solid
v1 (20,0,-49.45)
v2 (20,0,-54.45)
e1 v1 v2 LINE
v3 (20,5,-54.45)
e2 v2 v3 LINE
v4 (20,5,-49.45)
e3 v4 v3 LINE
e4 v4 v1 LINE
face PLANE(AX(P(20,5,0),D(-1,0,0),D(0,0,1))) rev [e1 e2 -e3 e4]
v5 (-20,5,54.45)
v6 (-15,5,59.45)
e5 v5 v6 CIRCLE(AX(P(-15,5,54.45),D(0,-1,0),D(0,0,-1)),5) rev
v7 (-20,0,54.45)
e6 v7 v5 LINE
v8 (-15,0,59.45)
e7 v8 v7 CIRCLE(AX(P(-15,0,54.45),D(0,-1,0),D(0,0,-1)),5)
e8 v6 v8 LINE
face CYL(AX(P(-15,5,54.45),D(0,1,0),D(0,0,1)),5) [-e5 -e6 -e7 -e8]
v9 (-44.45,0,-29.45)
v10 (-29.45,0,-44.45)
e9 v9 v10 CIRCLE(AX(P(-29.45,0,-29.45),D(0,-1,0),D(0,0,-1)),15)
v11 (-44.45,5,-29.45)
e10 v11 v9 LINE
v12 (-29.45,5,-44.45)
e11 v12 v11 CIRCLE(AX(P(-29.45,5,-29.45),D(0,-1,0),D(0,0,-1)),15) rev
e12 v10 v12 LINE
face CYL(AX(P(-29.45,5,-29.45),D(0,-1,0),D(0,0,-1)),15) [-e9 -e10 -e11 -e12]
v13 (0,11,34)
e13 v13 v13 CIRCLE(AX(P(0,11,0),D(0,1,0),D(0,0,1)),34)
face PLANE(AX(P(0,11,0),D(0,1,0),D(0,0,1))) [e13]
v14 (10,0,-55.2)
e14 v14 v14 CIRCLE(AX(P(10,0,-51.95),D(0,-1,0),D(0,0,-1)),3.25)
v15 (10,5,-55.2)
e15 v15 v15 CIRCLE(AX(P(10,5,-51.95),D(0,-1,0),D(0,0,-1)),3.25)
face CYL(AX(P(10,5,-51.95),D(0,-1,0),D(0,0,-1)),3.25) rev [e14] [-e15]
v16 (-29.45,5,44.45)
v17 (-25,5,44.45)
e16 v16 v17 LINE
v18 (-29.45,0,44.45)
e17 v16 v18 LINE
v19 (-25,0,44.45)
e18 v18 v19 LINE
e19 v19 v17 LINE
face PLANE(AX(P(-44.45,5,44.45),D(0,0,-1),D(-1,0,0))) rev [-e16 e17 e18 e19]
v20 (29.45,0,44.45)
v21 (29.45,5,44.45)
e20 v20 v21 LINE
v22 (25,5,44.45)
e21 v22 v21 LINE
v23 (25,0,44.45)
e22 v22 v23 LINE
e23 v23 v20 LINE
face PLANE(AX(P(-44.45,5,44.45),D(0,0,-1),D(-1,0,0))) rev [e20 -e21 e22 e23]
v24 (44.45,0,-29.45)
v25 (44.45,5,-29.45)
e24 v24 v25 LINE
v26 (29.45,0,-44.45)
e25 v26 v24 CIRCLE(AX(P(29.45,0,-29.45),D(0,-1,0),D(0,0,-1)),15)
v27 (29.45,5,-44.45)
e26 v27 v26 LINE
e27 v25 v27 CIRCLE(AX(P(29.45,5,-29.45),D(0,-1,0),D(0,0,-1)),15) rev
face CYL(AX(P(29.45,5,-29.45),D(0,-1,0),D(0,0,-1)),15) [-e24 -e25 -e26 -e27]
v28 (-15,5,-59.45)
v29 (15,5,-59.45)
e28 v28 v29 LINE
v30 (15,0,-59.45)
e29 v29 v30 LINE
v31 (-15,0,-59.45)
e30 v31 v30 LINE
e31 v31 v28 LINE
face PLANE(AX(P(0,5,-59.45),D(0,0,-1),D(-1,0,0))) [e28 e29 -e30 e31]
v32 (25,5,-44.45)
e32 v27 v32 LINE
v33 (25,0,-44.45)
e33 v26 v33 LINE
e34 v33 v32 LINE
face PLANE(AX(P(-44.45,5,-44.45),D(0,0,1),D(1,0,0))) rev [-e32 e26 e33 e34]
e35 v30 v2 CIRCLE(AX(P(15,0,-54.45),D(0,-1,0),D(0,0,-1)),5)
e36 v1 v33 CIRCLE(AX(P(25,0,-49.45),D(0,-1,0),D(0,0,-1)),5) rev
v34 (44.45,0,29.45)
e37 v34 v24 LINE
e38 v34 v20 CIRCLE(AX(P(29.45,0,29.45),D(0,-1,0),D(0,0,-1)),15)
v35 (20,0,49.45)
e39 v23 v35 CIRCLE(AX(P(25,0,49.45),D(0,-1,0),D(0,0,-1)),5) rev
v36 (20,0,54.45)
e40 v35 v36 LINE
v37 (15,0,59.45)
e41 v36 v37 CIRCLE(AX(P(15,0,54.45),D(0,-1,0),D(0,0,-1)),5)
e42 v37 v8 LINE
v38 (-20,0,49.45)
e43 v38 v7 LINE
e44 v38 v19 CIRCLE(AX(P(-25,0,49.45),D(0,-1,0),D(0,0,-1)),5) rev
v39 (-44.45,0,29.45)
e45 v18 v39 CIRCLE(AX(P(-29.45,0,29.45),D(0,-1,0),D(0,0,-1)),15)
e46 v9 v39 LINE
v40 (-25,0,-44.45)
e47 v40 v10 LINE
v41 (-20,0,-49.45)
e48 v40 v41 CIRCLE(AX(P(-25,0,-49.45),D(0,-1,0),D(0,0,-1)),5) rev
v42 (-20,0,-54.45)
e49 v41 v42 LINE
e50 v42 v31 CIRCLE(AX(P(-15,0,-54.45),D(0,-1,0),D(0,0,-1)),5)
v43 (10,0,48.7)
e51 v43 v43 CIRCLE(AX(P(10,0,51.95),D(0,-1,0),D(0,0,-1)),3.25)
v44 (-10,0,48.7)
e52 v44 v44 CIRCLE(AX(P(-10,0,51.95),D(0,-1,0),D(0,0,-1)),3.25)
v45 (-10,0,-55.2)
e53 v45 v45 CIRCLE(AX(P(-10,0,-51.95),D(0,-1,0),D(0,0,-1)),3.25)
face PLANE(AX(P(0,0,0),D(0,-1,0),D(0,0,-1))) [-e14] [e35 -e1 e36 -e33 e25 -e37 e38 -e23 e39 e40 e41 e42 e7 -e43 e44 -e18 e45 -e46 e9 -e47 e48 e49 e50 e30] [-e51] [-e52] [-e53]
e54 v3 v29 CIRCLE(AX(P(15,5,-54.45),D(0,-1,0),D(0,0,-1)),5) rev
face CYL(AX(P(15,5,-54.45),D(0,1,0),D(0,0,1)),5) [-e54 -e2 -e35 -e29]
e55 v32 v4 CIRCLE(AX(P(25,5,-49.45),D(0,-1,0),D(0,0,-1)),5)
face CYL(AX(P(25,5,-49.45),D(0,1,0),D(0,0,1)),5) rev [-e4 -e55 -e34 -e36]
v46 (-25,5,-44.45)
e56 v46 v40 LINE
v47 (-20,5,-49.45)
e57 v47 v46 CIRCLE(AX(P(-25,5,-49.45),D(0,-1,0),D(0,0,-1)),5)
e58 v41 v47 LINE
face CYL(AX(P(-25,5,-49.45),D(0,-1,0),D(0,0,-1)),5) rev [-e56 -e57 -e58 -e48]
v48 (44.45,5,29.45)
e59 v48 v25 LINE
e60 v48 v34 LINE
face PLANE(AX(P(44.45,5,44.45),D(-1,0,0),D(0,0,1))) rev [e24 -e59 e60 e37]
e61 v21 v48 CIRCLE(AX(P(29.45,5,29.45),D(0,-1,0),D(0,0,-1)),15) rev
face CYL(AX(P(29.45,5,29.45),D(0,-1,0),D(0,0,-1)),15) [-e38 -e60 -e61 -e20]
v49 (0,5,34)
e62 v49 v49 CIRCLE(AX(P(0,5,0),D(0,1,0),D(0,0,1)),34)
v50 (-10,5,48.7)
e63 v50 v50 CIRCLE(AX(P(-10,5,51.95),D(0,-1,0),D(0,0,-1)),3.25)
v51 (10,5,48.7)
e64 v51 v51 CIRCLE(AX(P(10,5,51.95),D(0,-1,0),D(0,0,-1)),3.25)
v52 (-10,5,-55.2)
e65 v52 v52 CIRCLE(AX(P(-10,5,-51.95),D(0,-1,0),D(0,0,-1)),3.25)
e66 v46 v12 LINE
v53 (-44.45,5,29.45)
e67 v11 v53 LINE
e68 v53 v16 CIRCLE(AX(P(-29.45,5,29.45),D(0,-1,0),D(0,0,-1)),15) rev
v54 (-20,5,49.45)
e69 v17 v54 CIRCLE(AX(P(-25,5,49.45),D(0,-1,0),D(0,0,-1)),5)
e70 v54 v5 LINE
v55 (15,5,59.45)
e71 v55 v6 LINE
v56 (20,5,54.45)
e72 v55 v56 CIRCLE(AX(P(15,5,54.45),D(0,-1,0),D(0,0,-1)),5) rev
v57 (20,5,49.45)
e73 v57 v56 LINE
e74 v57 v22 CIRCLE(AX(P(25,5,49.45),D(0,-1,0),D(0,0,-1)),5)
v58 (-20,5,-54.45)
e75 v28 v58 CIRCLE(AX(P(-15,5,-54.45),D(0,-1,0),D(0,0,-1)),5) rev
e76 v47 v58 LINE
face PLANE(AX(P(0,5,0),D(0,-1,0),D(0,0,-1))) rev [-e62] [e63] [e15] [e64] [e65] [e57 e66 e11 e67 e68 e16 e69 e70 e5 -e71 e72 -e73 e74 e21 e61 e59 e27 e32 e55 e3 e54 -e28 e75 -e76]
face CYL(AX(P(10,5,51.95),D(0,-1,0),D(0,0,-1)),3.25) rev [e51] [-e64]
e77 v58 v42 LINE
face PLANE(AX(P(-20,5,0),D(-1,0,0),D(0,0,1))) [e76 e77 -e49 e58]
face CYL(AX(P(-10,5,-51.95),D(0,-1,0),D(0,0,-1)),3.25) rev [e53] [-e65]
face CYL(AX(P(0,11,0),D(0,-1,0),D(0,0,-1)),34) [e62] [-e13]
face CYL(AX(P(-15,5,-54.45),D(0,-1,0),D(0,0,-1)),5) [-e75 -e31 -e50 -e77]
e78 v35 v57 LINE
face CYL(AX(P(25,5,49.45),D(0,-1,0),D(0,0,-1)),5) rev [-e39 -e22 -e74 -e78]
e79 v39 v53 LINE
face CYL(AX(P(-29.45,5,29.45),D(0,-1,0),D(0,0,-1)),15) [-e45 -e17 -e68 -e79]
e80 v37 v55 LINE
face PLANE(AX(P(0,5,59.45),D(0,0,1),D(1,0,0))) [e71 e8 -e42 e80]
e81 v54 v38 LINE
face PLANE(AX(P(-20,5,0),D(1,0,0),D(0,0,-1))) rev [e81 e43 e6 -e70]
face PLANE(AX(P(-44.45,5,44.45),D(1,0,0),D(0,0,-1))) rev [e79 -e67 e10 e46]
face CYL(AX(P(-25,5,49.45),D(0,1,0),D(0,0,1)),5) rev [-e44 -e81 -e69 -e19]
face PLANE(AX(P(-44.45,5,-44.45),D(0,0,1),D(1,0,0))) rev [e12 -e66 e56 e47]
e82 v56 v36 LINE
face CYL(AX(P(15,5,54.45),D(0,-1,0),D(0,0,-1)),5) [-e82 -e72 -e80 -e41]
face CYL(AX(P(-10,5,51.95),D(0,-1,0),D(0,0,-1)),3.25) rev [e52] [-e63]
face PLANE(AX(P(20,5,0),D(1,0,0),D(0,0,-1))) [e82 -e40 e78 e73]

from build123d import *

# Parameters (mm, degrees)
SKETCH1_W           = 88.9
SKETCH1_H           = 88.9
BOSS_EXTRUDE1_DEPTH = 5
SKETCH2_R           = 34
BOSS_EXTRUDE2_DEPTH = 6
SKETCH3_W           = 20
SKETCH3_H           = 15
BOSS_EXTRUDE3_DEPTH = 5
SKETCH4_R           = 3.25
CUT_EXTRUDE1_DEPTH  = 5
FILLET1_R           = 15
FILLET2_R           = 5


with BuildPart() as part:
    # Sketch1 → Boss-Extrude1 (new body)
    with BuildSketch(Plane(origin=(0, 0, 0), x_dir=(1, 0, 0), z_dir=(0, 1, 0))):
        Rectangle(SKETCH1_W, SKETCH1_H)
    extrude(amount=BOSS_EXTRUDE1_DEPTH)

    # Sketch2 → Boss-Extrude2 (add)
    with BuildSketch(Plane(origin=(0, 5, 0), x_dir=(1, 0, 0), z_dir=(0, 1, 0))):
        with Locations(Location((0, 0, 0), (0, 0, 270))):
            Circle(SKETCH2_R)
    extrude(amount=BOSS_EXTRUDE2_DEPTH)

    # Sketch3 → Boss-Extrude3 (add)
    with BuildSketch(Plane.XZ):
        with Locations((-10, 51.95)):
            Rectangle(SKETCH3_W, SKETCH3_H)
        with Locations((10, 51.95)):
            Rectangle(SKETCH3_W, SKETCH3_H)
        with Locations((10, -51.95)):
            Rectangle(SKETCH3_W, SKETCH3_H)
        with Locations((-10, -51.95)):
            Rectangle(SKETCH3_W, SKETCH3_H)
    extrude(amount=-BOSS_EXTRUDE3_DEPTH)

    # Sketch4 → Cut-Extrude1 (cut)
    with BuildSketch(Plane.XZ):
        with Locations(Location((10, 51.95, 0), (0, 0, 270))):
            Circle(SKETCH4_R)
        with Locations(Location((-10, 51.95, 0), (0, 0, 270))):
            Circle(SKETCH4_R)
        with Locations(Location((10, -51.95, 0), (0, 0, 270))):
            Circle(SKETCH4_R)
        with Locations(Location((-10, -51.95, 0), (0, 0, 270))):
            Circle(SKETCH4_R)
    extrude(amount=-CUT_EXTRUDE1_DEPTH, mode=Mode.SUBTRACT)

    # Fillet1
    fillet1_edges = [part.edges().sort_by_distance(p)[0] for p in [
        (44.45, 2.5, 44.45),
        (-44.45, 2.5, 44.45),
        (-44.45, 2.5, -44.45),
        (44.45, 2.5, -44.45),
    ]]
    fillet(fillet1_edges, radius=FILLET1_R)

    # Fillet2
    fillet2_edges = [part.edges().sort_by_distance(p)[0] for p in [
        (-20, 2.5, 44.45),
        (-20, 2.5, 59.45),
        (20, 2.5, 59.45),
        (20, 2.5, 44.45),
        (20, 2.5, -44.45),
        (20, 2.5, -59.45),
        (-20, 2.5, -59.45),
        (-20, 2.5, -44.45),
    ]]
    fillet(fillet2_edges, radius=FILLET2_R)


solid = part.part
